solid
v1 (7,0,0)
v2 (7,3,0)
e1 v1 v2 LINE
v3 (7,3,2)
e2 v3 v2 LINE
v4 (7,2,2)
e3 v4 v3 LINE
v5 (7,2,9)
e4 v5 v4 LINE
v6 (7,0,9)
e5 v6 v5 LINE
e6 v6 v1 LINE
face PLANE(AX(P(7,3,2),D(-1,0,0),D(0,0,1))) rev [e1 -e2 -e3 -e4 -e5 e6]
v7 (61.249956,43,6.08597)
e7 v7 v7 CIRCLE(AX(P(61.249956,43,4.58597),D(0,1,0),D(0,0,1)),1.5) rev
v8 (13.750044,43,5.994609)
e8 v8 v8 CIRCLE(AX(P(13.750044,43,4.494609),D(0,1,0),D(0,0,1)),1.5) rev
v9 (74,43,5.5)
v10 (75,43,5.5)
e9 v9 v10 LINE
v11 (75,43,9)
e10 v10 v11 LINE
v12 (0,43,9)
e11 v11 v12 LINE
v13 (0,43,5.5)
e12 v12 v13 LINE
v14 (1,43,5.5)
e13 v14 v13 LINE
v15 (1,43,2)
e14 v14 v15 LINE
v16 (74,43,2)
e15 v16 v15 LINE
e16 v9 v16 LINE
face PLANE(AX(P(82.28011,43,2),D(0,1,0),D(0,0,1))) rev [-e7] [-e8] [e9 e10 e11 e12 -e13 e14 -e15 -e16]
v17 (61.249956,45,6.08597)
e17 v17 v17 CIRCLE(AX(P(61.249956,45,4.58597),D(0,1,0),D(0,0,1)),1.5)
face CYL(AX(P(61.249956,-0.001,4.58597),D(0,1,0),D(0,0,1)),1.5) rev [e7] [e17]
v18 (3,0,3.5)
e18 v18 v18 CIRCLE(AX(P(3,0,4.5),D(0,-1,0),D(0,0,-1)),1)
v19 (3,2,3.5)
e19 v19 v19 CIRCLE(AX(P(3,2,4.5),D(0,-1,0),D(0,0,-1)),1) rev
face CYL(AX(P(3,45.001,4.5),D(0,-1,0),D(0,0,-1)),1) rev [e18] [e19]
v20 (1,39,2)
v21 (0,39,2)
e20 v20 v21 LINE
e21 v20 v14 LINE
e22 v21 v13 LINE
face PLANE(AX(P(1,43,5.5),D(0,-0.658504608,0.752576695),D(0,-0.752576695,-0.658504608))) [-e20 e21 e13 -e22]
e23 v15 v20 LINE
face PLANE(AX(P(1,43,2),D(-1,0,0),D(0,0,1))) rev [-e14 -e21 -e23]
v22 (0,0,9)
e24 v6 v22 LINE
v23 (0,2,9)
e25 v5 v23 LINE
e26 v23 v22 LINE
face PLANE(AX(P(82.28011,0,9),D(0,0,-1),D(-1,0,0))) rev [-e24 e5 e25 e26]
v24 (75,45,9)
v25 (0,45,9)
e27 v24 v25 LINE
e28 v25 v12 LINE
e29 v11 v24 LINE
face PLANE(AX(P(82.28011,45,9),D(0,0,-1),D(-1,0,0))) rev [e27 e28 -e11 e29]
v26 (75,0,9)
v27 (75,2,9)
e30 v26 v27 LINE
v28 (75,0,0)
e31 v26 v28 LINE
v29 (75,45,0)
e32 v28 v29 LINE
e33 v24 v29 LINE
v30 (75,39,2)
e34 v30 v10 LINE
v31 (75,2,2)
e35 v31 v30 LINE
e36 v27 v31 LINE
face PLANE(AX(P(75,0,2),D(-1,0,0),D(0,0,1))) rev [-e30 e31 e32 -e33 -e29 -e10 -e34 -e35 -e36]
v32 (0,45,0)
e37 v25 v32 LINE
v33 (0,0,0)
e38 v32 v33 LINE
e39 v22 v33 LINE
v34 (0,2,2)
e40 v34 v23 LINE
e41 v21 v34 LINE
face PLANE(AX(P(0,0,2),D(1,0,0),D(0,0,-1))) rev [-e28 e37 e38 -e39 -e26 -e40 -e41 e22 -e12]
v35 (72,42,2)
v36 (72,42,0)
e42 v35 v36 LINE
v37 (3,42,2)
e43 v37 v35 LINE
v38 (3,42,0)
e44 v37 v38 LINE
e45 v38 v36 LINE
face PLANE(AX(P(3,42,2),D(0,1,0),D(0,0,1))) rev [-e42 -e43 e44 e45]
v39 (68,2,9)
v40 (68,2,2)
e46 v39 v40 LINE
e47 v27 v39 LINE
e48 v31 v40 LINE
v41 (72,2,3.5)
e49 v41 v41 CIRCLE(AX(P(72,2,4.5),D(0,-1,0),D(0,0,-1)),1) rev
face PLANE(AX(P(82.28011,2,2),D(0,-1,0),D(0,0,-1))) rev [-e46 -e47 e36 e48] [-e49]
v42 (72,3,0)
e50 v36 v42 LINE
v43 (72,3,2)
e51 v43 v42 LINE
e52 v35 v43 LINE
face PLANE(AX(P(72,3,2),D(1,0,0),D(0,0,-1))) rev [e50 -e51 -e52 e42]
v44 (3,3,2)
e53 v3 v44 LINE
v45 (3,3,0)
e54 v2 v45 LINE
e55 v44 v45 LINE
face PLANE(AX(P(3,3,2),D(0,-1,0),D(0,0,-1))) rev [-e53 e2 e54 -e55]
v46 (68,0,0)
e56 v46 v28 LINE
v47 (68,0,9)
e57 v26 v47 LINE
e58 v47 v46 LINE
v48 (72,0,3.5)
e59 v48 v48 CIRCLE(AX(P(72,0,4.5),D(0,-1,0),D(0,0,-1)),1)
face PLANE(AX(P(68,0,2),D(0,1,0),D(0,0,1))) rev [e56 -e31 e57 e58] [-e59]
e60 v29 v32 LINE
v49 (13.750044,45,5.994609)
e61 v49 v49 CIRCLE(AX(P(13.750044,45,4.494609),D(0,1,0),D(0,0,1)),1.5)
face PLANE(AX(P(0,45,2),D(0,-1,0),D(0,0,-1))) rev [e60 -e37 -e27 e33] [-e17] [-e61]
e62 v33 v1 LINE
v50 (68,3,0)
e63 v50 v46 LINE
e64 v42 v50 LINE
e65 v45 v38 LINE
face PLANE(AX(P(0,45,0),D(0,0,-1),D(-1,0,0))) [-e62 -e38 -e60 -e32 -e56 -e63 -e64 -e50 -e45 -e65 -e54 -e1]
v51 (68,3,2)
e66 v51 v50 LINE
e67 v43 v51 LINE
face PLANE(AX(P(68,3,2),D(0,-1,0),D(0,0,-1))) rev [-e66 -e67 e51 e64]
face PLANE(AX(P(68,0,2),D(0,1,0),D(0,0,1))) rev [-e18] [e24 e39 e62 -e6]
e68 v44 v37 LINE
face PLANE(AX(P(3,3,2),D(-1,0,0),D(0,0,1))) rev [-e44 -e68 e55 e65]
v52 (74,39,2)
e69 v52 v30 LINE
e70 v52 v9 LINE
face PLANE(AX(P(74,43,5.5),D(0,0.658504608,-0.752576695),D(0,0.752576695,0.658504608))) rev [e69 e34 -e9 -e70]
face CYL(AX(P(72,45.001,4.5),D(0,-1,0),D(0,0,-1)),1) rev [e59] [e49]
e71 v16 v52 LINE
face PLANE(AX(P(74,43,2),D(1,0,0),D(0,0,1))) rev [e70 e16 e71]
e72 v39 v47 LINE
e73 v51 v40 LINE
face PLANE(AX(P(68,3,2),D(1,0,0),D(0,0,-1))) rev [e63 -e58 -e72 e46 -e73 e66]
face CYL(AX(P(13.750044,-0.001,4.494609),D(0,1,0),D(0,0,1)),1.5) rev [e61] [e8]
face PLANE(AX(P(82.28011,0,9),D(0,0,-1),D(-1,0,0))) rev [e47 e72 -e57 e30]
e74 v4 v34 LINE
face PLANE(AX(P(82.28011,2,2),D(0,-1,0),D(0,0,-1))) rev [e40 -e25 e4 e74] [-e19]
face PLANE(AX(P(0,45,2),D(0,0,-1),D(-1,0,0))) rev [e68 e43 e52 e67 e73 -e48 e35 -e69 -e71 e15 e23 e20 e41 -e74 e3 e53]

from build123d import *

# Parameters (mm, degrees)
BOSS_EXTRUDE1_DEPTH = 2
BOSS_EXTRUDE2_REACH = 89.487
SKETCH2_W           = 7
SKETCH2_H           = 2
BOSS_EXTRUDE3_DEPTH = 1
CUT_EXTRUDE1_REACH  = 89.926
SKETCH7_R           = 1.5
CUT_EXTRUDE2_REACH  = 89.926
SKETCH8_R           = 1
SKETCH10_W          = 61
SKETCH10_H          = 2
CUT_EXTRUDE3_DEPTH  = 88.74394566


with BuildPart() as part:
    # Sketch1 → Boss-Extrude1 (new body)
    with BuildSketch(Plane.XY):
        Polygon((3, 3), (7, 3), (7, 0), (0, 0), (0, 45), (75, 45), (75, 0), (68, 0), (68, 3), (72, 3), (72, 42), (3, 42), align=None)
    extrude(amount=BOSS_EXTRUDE1_DEPTH)

    # Boss-Extrude2: up to this face of the body (flat: up to its plane)
    boss_extrude2_end = Plane(part.part.faces().sort_by_distance((75, 22.5, 1))[0])
    # Sketch2 → Boss-Extrude2 (add, up to the picked face)
    with BuildSketch(Plane(origin=(0, 0, 0), x_dir=(0, 0, -1), z_dir=(1, 0, 0)), mode=Mode.PRIVATE) as boss_extrude2_sk1:
        with Locations((-5.5, 44)):
            Rectangle(SKETCH2_W, SKETCH2_H)
    boss_extrude2_tool1 = split(extrude(boss_extrude2_sk1.sketch, amount=BOSS_EXTRUDE2_REACH, mode=Mode.PRIVATE), bisect_by=boss_extrude2_end, keep=Keep.BOTH, mode=Mode.PRIVATE)
    # Sketch2 → Boss-Extrude2 (add, up to the picked face)
    with BuildSketch(Plane(origin=(0, 0, 0), x_dir=(0, 0, -1), z_dir=(1, 0, 0)), mode=Mode.PRIVATE) as boss_extrude2_sk2:
        with Locations((-5.5, 1)):
            Rectangle(SKETCH2_W, SKETCH2_H)
    boss_extrude2_tool2 = split(extrude(boss_extrude2_sk2.sketch, amount=BOSS_EXTRUDE2_REACH, mode=Mode.PRIVATE), bisect_by=boss_extrude2_end, keep=Keep.BOTH, mode=Mode.PRIVATE)
    add(boss_extrude2_tool1.solids().sort_by(Axis((0, 44, 5.5), (1, 0, 0)))[0])
    add(boss_extrude2_tool2.solids().sort_by(Axis((0, 1, 5.5), (1, 0, 0)))[0])

    # Sketch5 → Boss-Extrude3 (add)
    with BuildSketch(Plane.ZY):
        Polygon((5.5, 43), (2, 39), (2, 43), align=None)
    boss_extrude3 = extrude(amount=-BOSS_EXTRUDE3_DEPTH)

    # Mirror1: Boss-Extrude3 across plane
    add(boss_extrude3.mirror(Plane.ZY.offset(-37.5)))

    # Sketch7 → Cut-Extrude1 (cut, up to next)
    with BuildSketch(Plane(origin=(0, 45, 0), x_dir=(1, 0, 0), z_dir=(0, 1, 0)), mode=Mode.PRIVATE) as cut_extrude1_sk1:
        with Locations(Location((13.750043931, -4.494608683, 0), (0, 0, 270))):
            Circle(SKETCH7_R)
    cut_extrude1_tool1 = extrude(cut_extrude1_sk1.sketch, amount=-CUT_EXTRUDE1_REACH, mode=Mode.PRIVATE) & part.part
    # Sketch7 → Cut-Extrude1 (cut, up to next)
    with BuildSketch(Plane(origin=(0, 45, 0), x_dir=(1, 0, 0), z_dir=(0, 1, 0)), mode=Mode.PRIVATE) as cut_extrude1_sk2:
        with Locations(Location((61.249956069, -4.585969821, 0), (0, 0, 270))):
            Circle(SKETCH7_R)
    cut_extrude1_tool2 = extrude(cut_extrude1_sk2.sketch, amount=-CUT_EXTRUDE1_REACH, mode=Mode.PRIVATE) & part.part
    add(cut_extrude1_tool1.solids().sort_by_distance((13.750044, 45, 4.494609))[0], mode=Mode.SUBTRACT)
    add(cut_extrude1_tool2.solids().sort_by_distance((61.249956, 45, 4.58597))[0], mode=Mode.SUBTRACT)

    # Sketch8 → Cut-Extrude2 (cut, up to next)
    with BuildSketch(Plane.XZ, mode=Mode.PRIVATE) as cut_extrude2_sk1:
        with Locations(Location((3, 4.5, 0), (0, 0, 270))):
            Circle(SKETCH8_R)
    cut_extrude2_tool1 = extrude(cut_extrude2_sk1.sketch, amount=-CUT_EXTRUDE2_REACH, mode=Mode.PRIVATE) & part.part
    # Sketch8 → Cut-Extrude2 (cut, up to next)
    with BuildSketch(Plane.XZ, mode=Mode.PRIVATE) as cut_extrude2_sk2:
        with Locations(Location((72, 4.5, 0), (0, 0, 270))):
            Circle(SKETCH8_R)
    cut_extrude2_tool2 = extrude(cut_extrude2_sk2.sketch, amount=-CUT_EXTRUDE2_REACH, mode=Mode.PRIVATE) & part.part
    add(cut_extrude2_tool1.solids().sort_by_distance((3, 0, 4.5))[0], mode=Mode.SUBTRACT)
    add(cut_extrude2_tool2.solids().sort_by_distance((72, 0, 4.5))[0], mode=Mode.SUBTRACT)

    # Sketch10 → Cut-Extrude3 (cut, through all)
    with BuildSketch(Plane(origin=(0, 0, 2), x_dir=(-1, 0, 0), z_dir=(0, 0, -1))):
        with Locations((-37.5, 1)):
            Rectangle(SKETCH10_W, SKETCH10_H)
    extrude(amount=-CUT_EXTRUDE3_DEPTH, mode=Mode.SUBTRACT)


solid = part.part
